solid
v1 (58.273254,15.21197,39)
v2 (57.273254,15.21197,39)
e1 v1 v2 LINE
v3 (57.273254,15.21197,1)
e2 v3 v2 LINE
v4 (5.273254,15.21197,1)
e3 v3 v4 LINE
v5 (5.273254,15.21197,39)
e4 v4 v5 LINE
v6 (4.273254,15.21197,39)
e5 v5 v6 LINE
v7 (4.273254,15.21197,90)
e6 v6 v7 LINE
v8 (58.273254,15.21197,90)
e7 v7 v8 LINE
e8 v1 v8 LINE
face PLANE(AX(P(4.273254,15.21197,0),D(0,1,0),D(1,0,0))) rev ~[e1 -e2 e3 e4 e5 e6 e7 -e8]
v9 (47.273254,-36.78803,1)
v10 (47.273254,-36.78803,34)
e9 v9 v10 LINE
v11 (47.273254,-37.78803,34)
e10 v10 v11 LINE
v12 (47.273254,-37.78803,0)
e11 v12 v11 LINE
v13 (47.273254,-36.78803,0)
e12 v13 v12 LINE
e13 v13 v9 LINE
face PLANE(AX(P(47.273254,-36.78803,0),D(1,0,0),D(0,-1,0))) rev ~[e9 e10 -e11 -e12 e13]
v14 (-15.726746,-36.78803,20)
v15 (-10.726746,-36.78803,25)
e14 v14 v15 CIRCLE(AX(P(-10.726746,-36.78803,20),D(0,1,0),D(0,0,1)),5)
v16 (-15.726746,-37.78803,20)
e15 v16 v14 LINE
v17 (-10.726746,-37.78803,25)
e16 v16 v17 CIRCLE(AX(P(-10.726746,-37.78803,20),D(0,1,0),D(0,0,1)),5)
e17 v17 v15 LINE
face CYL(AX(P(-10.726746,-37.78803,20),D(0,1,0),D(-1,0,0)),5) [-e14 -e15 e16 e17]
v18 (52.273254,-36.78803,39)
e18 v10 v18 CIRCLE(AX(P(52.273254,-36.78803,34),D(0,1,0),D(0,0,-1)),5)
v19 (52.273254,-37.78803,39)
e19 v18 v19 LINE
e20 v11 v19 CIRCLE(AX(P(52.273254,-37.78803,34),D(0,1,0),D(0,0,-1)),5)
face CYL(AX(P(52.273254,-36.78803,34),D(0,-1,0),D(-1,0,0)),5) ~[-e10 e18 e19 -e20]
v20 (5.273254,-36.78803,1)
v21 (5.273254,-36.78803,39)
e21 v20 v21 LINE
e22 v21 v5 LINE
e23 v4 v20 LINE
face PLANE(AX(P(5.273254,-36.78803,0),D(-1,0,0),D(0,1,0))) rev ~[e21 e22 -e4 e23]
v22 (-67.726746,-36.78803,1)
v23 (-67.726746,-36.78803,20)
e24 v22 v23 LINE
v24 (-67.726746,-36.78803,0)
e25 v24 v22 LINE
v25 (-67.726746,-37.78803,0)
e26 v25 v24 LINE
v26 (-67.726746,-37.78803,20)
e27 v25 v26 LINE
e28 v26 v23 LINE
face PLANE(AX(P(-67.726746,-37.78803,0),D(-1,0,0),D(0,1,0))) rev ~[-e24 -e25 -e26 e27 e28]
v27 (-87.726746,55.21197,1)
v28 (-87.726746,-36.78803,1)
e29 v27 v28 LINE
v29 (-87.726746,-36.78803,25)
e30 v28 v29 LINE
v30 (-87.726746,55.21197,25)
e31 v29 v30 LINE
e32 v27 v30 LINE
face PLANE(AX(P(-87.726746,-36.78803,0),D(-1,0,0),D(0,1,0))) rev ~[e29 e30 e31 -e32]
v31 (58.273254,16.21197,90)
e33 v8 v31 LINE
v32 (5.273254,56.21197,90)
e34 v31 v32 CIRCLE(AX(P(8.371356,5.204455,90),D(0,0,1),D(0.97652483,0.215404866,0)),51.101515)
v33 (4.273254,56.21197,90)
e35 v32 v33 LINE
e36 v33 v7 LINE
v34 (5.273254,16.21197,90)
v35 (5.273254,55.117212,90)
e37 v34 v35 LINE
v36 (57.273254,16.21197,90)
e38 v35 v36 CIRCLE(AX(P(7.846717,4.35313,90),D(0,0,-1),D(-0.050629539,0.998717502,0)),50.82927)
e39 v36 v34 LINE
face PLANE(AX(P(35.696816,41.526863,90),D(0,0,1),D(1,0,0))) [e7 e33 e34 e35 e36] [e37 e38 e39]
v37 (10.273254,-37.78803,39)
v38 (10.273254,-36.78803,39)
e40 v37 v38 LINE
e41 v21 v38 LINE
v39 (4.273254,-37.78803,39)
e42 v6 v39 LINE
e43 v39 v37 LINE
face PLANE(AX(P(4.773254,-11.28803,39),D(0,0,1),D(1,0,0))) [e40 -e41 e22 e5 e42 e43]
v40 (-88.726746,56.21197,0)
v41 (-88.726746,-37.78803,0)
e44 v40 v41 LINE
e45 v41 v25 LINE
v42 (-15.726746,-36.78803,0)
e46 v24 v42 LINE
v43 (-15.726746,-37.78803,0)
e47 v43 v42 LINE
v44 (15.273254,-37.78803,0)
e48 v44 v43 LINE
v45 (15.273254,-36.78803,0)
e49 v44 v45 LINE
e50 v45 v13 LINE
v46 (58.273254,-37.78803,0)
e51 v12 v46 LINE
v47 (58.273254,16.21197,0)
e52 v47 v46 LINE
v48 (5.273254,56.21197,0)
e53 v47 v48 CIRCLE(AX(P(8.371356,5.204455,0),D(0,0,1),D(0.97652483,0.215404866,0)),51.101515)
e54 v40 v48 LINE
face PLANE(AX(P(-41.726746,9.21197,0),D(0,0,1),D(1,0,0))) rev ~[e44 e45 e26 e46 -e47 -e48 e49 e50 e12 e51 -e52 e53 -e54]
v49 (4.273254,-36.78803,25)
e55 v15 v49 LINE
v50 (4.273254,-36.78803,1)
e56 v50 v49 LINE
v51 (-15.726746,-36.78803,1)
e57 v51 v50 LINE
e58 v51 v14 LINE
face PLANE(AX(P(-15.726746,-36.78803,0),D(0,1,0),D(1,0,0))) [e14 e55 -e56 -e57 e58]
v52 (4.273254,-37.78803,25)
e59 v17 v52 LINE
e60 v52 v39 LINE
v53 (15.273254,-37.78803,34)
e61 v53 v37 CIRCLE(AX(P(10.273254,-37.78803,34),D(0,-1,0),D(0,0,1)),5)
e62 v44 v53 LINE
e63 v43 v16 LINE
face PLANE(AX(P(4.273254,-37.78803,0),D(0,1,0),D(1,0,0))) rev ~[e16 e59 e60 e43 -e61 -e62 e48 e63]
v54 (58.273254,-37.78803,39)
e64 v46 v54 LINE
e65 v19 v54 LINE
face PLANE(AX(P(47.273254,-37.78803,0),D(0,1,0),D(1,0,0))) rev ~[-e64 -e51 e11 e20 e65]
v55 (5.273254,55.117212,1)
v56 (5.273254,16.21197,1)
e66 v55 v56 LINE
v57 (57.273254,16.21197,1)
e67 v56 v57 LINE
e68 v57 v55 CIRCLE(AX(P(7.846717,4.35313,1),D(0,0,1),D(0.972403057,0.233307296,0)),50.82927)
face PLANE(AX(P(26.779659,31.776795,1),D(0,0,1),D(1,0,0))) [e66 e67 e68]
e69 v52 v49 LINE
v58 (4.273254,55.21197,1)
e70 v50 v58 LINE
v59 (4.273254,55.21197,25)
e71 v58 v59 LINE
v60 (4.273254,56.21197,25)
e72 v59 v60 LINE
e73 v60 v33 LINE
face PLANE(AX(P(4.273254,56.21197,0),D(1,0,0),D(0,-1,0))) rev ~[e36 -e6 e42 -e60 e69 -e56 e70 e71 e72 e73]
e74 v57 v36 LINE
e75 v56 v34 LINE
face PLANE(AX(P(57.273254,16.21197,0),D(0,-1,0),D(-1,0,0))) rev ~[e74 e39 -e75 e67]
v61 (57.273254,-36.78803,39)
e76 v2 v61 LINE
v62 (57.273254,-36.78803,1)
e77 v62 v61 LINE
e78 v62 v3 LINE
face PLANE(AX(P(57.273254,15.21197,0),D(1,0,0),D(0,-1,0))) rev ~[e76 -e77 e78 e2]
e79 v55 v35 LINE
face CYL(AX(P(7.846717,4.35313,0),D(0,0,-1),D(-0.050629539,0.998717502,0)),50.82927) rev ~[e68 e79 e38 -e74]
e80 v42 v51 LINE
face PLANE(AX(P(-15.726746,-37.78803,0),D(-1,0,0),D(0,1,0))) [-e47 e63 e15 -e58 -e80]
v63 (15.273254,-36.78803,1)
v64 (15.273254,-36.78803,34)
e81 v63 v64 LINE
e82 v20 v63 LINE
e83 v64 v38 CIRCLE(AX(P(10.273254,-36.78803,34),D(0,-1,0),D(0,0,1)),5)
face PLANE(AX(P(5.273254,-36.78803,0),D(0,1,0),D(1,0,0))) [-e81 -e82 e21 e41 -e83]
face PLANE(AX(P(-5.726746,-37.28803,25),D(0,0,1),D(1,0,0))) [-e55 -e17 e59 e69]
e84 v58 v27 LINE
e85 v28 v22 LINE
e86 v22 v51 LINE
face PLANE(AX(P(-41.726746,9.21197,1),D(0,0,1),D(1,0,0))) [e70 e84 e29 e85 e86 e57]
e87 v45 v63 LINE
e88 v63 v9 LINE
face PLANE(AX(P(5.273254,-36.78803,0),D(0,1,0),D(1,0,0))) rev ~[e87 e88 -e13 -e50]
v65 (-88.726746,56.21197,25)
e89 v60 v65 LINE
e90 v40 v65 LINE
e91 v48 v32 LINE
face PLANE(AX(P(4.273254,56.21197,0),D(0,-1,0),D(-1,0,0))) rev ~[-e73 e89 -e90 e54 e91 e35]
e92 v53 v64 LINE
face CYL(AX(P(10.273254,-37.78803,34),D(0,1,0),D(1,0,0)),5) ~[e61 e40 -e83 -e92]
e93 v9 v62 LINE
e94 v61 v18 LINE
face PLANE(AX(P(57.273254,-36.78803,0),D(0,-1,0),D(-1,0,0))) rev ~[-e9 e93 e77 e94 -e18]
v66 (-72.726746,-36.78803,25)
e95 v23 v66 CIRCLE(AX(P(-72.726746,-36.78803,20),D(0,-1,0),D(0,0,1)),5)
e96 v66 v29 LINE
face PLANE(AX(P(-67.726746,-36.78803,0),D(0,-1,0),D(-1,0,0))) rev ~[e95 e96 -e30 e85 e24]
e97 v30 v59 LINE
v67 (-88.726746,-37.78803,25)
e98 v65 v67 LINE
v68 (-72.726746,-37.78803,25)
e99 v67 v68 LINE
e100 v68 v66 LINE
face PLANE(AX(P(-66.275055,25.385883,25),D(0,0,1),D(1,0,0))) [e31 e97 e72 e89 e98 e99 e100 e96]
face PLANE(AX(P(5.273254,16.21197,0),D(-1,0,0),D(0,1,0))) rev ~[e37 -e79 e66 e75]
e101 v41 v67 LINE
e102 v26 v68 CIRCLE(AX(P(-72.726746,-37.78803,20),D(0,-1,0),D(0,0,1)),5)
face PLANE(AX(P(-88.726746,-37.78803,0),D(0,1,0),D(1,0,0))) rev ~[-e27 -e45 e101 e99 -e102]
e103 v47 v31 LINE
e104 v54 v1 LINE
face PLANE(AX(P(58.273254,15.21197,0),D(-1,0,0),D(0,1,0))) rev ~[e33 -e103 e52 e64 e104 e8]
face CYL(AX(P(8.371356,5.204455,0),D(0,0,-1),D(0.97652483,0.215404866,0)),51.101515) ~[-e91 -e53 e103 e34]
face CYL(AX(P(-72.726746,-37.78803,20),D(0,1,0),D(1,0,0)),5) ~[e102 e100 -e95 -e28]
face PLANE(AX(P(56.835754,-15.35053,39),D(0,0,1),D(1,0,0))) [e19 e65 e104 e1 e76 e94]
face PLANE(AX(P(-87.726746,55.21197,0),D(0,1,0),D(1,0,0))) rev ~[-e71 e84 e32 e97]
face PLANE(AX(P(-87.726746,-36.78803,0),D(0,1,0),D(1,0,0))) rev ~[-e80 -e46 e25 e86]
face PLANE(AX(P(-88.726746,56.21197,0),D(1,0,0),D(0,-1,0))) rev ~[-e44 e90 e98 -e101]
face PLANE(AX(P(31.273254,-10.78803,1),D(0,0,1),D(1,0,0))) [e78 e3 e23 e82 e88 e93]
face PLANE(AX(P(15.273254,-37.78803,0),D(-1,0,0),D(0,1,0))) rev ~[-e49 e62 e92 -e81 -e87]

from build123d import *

# Parameters (mm, degrees)
F1_DEPTH = 90
F0_W     = 10
F0_H     = 1
F2_DEPTH = 39
F0_W_2   = 20
F3_DEPTH = 25
F4_DEPTH = 1
F5_R     = 5
F6_R     = 5
F7_R     = 5
F8_R     = 5


with BuildPart() as f1:
    # F0 (on Top) → F1 (new body)
    with BuildSketch(Plane.XY):
        with BuildLine():
            ThreePointArc((58.273254, 16.21197), (39.155261, 45.99313), (5.273254, 56.21197))
            Line((5.273254, 56.21197), (5.273254, 55.117212))
            ThreePointArc((5.273254, 55.117212), (38.296792, 45.052118), (57.273254, 16.21197))
            Line((57.273254, 16.21197), (58.273254, 16.21197))
        make_face()
        Polygon((5.273254, 16.21197), (5.273254, 15.21197), (57.273254, 15.21197), (58.273254, 15.21197), (58.273254, 16.21197), (57.273254, 16.21197), align=None)
        Polygon((4.273254, 56.21197), (4.273254, 55.21197), (4.273254, 15.21197), (5.273254, 15.21197), (5.273254, 16.21197), (5.273254, 55.117212), (5.273254, 56.21197), align=None)
    extrude(amount=F1_DEPTH)

    # F0 (on Top) → F2 (join)
    with BuildSketch(Plane.XY):
        Polygon((58.273254, 15.21197), (57.273254, 15.21197), (57.273254, -36.78803), (47.273254, -36.78803), (47.273254, -37.78803), (58.273254, -37.78803), align=None)
        Polygon((5.273254, 15.21197), (4.273254, 15.21197), (4.273254, -36.78803), (4.273254, -37.78803), (5.273254, -37.78803), (5.273254, -36.78803), align=None)
        with Locations((10.273254, -37.28803)):
            Rectangle(F0_W, F0_H)
    extrude(amount=F2_DEPTH)

    # F0 (on Top) → F3 (join)
    with BuildSketch(Plane.XY):
        Polygon((-87.726746, -36.78803), (-87.726746, 55.21197), (4.273254, 55.21197), (4.273254, 56.21197), (-88.726746, 56.21197), (-88.726746, -37.78803), (-67.726746, -37.78803), (-67.726746, -36.78803), align=None)
        with Locations((-5.726746, -37.28803)):
            Rectangle(F0_W_2, F0_H)
    extrude(amount=F3_DEPTH)

    # F0 (on Top) → F4 (join)
    with BuildSketch(Plane.XY):
        Polygon((4.273254, 55.21197), (-87.726746, 55.21197), (-87.726746, -36.78803), (-67.726746, -36.78803), (-15.726746, -36.78803), (4.273254, -36.78803), (4.273254, 15.21197), align=None)
        Polygon((57.273254, 15.21197), (5.273254, 15.21197), (5.273254, -36.78803), (15.273254, -36.78803), (47.273254, -36.78803), (57.273254, -36.78803), align=None)
        with BuildLine():
            Line((5.273254, 55.117212), (5.273254, 16.21197))
            Line((5.273254, 16.21197), (57.273254, 16.21197))
            ThreePointArc((57.273254, 16.21197), (38.296792, 45.052118), (5.273254, 55.117212))
        make_face()
    extrude(amount=F4_DEPTH)

    # F5
    f5_edges = [f1.edges().sort_by_distance(p)[0] for p in [
        (-67.726746, -37.28803, 25),
    ]]
    fillet(f5_edges, radius=F5_R)

    # F6
    f6_edges = [f1.edges().sort_by_distance(p)[0] for p in [
        (-15.726746, -37.28803, 25),
    ]]
    fillet(f6_edges, radius=F6_R)

    # F7
    f7_edges = [f1.edges().sort_by_distance(p)[0] for p in [
        (15.273254, -37.28803, 39),
    ]]
    fillet(f7_edges, radius=F7_R)

    # F8
    f8_edges = [f1.edges().sort_by_distance(p)[0] for p in [
        (47.273254, -37.28803, 39),
    ]]
    fillet(f8_edges, radius=F8_R)


solid = f1.part
